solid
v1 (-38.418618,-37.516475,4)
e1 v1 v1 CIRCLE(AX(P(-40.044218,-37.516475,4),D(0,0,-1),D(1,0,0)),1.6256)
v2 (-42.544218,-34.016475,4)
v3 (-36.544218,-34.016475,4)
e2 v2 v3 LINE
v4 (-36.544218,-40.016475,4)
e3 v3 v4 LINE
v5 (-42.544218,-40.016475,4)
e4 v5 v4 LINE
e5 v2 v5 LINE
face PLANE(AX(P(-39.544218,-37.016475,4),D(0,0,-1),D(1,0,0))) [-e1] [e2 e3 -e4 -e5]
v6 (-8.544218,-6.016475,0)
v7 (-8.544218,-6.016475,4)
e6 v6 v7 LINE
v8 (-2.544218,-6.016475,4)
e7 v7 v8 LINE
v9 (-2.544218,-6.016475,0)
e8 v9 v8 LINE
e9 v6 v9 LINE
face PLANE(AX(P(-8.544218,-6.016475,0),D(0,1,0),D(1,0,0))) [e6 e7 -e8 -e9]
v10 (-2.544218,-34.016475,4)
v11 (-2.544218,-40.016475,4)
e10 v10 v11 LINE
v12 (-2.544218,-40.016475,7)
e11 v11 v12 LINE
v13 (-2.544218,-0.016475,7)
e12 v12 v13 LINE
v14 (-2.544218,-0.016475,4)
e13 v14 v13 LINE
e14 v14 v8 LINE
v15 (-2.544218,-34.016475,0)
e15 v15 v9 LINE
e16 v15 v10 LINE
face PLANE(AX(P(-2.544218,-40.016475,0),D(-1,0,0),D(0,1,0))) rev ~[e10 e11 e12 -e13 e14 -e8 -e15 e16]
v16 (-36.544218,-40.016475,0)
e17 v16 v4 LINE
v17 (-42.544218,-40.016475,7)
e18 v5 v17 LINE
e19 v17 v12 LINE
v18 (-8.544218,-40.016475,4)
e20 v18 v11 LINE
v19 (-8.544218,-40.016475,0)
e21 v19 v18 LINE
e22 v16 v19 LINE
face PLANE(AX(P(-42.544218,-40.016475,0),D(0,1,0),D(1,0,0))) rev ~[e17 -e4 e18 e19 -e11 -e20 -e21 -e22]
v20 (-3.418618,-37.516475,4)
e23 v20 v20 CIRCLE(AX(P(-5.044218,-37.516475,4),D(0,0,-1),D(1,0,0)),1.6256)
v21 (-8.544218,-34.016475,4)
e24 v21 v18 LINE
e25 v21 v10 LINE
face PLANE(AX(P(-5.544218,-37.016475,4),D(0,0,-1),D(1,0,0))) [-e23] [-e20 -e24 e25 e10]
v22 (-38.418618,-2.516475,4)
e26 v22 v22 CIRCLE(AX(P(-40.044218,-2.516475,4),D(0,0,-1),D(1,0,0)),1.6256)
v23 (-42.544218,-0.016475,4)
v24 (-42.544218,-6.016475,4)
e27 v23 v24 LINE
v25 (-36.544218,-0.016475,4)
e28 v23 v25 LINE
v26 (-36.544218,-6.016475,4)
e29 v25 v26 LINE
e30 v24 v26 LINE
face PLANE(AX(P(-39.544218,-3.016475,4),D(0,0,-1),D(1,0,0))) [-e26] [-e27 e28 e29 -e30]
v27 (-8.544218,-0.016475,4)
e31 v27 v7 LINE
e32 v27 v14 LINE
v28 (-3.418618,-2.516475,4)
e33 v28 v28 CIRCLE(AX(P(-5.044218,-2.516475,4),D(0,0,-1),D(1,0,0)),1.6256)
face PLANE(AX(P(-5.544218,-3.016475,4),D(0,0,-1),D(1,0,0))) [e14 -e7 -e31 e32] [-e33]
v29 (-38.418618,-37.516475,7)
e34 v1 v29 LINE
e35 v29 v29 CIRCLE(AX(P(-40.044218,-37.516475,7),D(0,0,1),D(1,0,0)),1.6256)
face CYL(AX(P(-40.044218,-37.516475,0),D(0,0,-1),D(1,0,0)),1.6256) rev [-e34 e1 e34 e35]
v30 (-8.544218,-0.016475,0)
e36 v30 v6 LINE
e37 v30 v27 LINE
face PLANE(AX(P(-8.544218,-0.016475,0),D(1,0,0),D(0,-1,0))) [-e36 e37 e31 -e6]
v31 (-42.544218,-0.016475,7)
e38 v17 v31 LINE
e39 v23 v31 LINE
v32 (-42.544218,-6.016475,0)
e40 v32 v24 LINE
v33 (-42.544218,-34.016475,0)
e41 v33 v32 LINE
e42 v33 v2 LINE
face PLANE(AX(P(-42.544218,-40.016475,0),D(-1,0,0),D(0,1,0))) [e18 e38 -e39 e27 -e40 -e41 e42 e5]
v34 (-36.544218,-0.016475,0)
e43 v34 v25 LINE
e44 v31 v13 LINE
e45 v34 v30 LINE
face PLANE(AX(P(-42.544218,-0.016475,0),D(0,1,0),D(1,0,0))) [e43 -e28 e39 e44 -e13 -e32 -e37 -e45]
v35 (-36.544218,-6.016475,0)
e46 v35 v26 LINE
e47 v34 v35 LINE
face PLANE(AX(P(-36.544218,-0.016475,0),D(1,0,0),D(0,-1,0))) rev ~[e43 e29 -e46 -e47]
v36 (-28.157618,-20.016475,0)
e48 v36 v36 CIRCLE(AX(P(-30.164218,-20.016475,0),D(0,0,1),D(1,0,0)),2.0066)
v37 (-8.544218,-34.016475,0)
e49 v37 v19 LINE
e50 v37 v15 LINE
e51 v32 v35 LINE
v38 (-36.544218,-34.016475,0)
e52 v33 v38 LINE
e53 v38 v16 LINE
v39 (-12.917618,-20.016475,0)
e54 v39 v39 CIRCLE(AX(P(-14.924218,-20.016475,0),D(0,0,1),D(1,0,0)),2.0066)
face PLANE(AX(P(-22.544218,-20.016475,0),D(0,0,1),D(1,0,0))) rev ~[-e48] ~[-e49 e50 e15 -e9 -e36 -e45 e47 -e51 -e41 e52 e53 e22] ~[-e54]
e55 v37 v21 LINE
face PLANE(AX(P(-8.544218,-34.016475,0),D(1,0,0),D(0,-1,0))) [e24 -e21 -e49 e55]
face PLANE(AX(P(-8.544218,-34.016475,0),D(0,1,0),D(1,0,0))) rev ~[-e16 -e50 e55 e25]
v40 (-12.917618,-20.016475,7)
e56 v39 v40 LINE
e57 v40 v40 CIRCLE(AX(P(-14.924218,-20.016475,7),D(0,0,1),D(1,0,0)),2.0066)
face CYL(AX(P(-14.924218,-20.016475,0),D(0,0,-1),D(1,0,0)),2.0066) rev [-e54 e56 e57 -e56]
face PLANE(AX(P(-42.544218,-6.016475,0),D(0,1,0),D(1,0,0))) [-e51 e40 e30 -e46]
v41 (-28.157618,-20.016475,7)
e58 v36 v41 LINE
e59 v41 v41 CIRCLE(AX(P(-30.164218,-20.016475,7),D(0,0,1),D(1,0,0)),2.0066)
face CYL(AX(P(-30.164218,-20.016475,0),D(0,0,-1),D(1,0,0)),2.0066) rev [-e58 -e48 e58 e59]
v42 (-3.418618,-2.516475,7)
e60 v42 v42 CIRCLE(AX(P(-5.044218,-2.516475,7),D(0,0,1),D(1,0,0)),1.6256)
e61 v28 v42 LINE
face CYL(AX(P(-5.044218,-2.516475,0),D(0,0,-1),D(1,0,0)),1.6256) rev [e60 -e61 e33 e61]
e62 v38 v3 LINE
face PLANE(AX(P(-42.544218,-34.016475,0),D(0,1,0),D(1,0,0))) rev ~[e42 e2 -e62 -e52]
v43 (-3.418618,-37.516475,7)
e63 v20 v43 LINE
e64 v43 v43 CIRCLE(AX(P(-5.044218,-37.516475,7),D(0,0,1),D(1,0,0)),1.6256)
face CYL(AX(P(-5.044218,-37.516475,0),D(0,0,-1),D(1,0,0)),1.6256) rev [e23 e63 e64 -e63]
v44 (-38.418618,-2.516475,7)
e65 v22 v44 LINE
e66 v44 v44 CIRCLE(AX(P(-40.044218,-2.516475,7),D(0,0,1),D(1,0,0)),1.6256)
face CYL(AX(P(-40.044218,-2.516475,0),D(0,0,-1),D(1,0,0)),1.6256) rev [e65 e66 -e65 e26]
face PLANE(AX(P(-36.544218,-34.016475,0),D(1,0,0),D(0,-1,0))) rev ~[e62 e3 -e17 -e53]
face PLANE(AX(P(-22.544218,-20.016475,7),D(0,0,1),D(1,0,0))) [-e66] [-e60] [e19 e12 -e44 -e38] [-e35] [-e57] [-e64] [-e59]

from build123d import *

# Parameters (mm, degrees)
F0_W     = 40
F0_H     = 40
F0_R     = 1.6256
F0_R_2   = 2.0066
F1_DEPTH = 7
F2_W     = 6
F2_H     = 6
F2_R     = 1.6256
F3_DEPTH = 4


with BuildPart() as f1:
    # F0 (on Top) → F1 (new body)
    with BuildSketch(Plane.XY):
        with Locations((-22.544218, -20.016475)):
            Rectangle(F0_W, F0_H)
        with Locations((-40.044218, -37.516475)):
            Circle(F0_R, mode=Mode.SUBTRACT)
        with Locations((-5.044218, -37.516475)):
            Circle(F0_R, mode=Mode.SUBTRACT)
        with Locations((-30.164218, -20.016475)):
            Circle(F0_R_2, mode=Mode.SUBTRACT)
        with Locations((-40.044218, -2.516475)):
            Circle(F0_R, mode=Mode.SUBTRACT)
        with Locations((-14.924218, -20.016475)):
            Circle(F0_R_2, mode=Mode.SUBTRACT)
        with Locations((-5.044218, -2.516475)):
            Circle(F0_R, mode=Mode.SUBTRACT)
    extrude(amount=F1_DEPTH)

    # F2 (on face) → F3 (cut)
    with BuildSketch(Plane(origin=(0, 0, 0), x_dir=(1, 0, 0), z_dir=(0, 0, -1))):
        with Locations((-39.544218, 37.016475)):
            Rectangle(F2_W, F2_H)
        with Locations((-40.044218, 37.516475)):
            Circle(F2_R, mode=Mode.SUBTRACT)
        with Locations((-5.544218, 37.016475)):
            Rectangle(F2_W, F2_H)
        with Locations((-5.044218, 37.516475)):
            Circle(F2_R, mode=Mode.SUBTRACT)
        with Locations((-5.544218, 3.016475)):
            Rectangle(F2_W, F2_H)
        with Locations((-5.044218, 2.516475)):
            Circle(F2_R, mode=Mode.SUBTRACT)
        with Locations((-39.544218, 3.016475)):
            Rectangle(F2_W, F2_H)
        with Locations((-40.044218, 2.516475)):
            Circle(F2_R, mode=Mode.SUBTRACT)
    extrude(amount=-F3_DEPTH, mode=Mode.SUBTRACT)


solid = f1.part
